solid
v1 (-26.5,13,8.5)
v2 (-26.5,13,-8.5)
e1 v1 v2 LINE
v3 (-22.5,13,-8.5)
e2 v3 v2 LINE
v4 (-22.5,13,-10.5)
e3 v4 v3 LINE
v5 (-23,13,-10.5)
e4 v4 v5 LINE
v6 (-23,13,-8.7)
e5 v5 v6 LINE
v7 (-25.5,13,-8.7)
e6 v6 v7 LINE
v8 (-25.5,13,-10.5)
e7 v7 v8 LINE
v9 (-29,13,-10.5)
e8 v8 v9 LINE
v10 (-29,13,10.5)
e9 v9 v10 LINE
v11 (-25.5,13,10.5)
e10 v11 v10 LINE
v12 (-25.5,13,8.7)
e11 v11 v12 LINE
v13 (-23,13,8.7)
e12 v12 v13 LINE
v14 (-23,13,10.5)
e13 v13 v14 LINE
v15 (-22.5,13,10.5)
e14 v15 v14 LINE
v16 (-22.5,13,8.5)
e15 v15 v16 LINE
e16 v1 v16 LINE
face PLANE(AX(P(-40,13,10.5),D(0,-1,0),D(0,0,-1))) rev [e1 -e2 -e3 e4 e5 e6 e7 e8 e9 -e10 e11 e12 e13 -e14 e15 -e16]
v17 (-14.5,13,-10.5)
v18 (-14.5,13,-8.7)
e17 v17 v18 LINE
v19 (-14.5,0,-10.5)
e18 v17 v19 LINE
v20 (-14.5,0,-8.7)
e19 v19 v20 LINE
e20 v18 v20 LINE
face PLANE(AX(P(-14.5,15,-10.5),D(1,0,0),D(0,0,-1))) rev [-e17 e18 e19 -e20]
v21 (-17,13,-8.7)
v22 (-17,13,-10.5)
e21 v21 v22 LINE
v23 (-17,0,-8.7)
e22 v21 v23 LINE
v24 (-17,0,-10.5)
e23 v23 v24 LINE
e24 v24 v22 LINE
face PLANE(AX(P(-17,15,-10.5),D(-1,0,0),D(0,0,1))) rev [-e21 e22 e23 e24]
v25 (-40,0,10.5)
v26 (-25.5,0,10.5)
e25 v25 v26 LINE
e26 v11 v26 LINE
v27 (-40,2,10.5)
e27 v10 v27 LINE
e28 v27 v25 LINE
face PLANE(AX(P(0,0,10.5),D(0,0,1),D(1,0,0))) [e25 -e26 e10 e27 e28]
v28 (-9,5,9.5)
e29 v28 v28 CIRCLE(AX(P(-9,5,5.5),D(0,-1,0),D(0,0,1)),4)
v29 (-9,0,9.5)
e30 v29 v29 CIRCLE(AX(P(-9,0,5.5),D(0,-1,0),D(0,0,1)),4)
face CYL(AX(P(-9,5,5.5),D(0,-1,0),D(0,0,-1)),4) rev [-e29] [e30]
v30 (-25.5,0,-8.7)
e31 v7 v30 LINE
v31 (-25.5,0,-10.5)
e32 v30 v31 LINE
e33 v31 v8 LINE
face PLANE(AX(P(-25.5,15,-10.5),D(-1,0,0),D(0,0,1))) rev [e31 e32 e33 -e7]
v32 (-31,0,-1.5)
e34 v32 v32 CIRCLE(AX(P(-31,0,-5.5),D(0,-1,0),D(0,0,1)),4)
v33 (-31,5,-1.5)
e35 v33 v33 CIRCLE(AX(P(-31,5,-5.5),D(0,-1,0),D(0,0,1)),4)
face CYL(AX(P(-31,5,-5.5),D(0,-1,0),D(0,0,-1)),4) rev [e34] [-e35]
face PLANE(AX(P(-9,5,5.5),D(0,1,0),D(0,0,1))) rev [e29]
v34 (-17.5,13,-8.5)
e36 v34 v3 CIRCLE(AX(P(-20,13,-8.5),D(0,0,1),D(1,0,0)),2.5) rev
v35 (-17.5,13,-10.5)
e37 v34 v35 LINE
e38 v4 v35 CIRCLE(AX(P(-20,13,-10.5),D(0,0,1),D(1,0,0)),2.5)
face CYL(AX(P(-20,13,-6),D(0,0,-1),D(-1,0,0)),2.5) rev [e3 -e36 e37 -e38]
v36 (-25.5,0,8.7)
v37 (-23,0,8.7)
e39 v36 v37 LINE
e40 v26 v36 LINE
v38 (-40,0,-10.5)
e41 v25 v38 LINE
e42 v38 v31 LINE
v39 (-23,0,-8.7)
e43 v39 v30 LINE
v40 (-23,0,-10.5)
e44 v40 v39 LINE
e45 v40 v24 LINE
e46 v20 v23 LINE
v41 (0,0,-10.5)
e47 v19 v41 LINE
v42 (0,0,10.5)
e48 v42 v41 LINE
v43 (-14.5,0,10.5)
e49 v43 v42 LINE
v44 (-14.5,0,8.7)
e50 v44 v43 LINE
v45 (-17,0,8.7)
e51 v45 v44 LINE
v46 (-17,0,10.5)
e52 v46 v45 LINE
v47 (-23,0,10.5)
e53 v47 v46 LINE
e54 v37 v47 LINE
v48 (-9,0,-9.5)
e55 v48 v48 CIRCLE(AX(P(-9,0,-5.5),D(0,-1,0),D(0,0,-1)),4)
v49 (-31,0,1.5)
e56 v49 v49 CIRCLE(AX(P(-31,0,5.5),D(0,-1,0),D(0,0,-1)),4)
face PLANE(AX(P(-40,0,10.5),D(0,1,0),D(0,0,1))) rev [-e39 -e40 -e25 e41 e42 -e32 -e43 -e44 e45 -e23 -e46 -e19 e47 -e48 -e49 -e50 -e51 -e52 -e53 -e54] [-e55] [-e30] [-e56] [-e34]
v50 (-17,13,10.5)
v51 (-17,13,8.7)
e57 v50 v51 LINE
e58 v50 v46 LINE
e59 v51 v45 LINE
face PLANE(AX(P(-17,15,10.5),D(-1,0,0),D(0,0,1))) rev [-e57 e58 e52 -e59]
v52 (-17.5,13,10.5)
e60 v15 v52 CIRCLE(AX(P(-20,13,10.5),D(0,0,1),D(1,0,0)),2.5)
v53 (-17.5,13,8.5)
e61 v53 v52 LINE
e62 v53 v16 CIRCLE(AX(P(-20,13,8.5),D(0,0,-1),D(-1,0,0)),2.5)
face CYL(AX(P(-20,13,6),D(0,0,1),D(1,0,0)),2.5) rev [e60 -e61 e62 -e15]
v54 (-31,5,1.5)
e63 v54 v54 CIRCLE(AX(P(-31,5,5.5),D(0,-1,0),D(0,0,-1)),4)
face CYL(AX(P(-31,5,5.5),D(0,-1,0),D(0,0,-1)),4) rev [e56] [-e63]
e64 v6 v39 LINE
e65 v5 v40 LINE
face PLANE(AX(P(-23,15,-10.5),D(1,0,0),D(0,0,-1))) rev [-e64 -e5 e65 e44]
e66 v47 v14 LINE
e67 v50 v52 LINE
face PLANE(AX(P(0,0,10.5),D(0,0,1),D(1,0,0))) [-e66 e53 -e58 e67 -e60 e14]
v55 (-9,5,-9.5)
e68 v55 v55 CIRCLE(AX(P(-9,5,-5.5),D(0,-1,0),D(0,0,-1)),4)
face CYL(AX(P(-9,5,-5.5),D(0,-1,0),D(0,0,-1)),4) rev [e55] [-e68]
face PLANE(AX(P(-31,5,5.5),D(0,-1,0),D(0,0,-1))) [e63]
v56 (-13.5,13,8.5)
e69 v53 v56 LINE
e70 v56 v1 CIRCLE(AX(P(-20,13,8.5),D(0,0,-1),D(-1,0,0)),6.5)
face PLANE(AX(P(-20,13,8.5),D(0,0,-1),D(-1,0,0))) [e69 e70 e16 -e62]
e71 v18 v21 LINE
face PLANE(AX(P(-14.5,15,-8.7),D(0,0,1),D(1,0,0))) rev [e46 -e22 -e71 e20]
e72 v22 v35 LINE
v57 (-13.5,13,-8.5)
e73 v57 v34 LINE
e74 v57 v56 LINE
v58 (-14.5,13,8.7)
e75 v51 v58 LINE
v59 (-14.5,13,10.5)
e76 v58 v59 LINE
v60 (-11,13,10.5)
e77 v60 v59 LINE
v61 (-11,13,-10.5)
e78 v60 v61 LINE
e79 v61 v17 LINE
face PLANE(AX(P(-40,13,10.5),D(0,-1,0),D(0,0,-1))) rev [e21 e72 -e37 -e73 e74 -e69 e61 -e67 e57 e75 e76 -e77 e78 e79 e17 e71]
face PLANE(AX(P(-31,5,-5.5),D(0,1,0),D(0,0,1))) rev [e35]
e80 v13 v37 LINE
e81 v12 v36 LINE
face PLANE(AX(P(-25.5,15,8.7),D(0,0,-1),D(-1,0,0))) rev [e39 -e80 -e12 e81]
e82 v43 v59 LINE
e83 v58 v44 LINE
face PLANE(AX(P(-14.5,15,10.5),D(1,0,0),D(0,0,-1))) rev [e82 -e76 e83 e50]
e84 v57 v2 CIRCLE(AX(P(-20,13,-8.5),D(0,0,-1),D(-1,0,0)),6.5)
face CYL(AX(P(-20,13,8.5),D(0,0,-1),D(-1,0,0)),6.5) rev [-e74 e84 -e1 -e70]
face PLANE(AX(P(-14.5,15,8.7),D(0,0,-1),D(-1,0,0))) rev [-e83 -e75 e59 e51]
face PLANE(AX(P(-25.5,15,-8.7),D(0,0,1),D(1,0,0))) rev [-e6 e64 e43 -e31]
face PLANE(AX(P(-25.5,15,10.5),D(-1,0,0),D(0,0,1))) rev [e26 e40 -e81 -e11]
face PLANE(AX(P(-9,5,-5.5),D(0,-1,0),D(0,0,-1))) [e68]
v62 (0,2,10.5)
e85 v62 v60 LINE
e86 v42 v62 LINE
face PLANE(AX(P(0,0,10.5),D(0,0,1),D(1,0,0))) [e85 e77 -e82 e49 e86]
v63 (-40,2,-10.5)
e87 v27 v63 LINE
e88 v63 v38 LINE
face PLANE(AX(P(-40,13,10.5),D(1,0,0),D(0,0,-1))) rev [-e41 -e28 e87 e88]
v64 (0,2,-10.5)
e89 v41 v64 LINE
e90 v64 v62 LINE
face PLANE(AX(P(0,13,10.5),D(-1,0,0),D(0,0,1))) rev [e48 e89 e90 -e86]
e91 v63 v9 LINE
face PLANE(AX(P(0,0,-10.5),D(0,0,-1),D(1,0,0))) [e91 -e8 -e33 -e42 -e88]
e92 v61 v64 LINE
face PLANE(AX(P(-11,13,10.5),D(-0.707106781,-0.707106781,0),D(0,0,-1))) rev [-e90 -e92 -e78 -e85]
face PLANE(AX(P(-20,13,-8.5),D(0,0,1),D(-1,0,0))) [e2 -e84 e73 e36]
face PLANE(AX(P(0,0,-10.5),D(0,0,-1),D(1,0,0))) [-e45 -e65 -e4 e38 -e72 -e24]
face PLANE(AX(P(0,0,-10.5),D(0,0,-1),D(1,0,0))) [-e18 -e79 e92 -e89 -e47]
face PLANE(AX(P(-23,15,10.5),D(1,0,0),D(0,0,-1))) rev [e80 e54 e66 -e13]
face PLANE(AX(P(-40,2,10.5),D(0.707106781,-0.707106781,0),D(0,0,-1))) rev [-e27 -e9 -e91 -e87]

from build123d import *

# Parameters (mm, degrees)
SKETCH5_W           = 40
SKETCH5_H           = 13
BOSS_EXTRUDE2_DEPTH = 10.5
SKETCH6_R           = 6.5
CUT_EXTRUDE4_DEPTH  = 8.5
SKETCH7_R           = 2.5
CUT_EXTRUDE5_DEPTH  = 4.5
SKETCH8_R           = 4
CUT_EXTRUDE6_DEPTH  = 5
CHAMFER8_SIZE       = 11
SKETCH9_W           = 2.5
SKETCH9_H           = 1.8
CUT_EXTRUDE7_DEPTH  = 15


with BuildPart() as part:
    # Sketch5 → Boss-Extrude2 (new body)
    with BuildSketch(Plane.XY):
        with Locations((-20, 6.5)):
            Rectangle(SKETCH5_W, SKETCH5_H)
    boss_extrude2 = extrude(amount=BOSS_EXTRUDE2_DEPTH)

    # Sketch6 → Cut-Extrude4 (cut)
    with BuildSketch(Plane(origin=(0, 0, 0), x_dir=(-1, 0, 0), z_dir=(0, 0, -1))):
        with Locations((20, 13)):
            Circle(SKETCH6_R)
    cut_extrude4 = extrude(amount=-CUT_EXTRUDE4_DEPTH, mode=Mode.SUBTRACT)

    # Sketch7 → Cut-Extrude5 (cut)
    with BuildSketch(Plane.XY.offset(10.5)):
        with Locations((-20, 13)):
            Circle(SKETCH7_R)
    cut_extrude5 = extrude(amount=-CUT_EXTRUDE5_DEPTH, mode=Mode.SUBTRACT)

    # Mirror5: Boss-Extrude2, Cut-Extrude4, Cut-Extrude5 across plane
    add(boss_extrude2.mirror(Plane.XY))
    add(cut_extrude4.mirror(Plane.XY), mode=Mode.SUBTRACT)
    add(cut_extrude5.mirror(Plane.XY), mode=Mode.SUBTRACT)

    # Sketch8 → Cut-Extrude6 (cut)
    with BuildSketch(Plane.XZ):
        with Locations(Location((-31, 5.5, 0), (0, 0, 270))):
            Circle(SKETCH8_R)
        with Locations(Location((-9, 5.5, 0), (0, 0, 90))):
            Circle(SKETCH8_R)
        with Locations(Location((-9, -5.5, 0), (0, 0, 270))):
            Circle(SKETCH8_R)
        with Locations(Location((-31, -5.5, 0), (0, 0, 90))):
            Circle(SKETCH8_R)
    extrude(amount=-CUT_EXTRUDE6_DEPTH, mode=Mode.SUBTRACT)

    # Chamfer8
    chamfer8_edges = [part.edges().sort_by_distance(p)[0] for p in [
        (-40, 13, 0),
        (0, 13, 0),
    ]]
    chamfer(chamfer8_edges, length=CHAMFER8_SIZE)

    # Sketch9 → Cut-Extrude7 (cut)
    with BuildSketch(Plane.XZ):
        with Locations((-15.75, 9.6)):
            Rectangle(SKETCH9_W, SKETCH9_H)
        with Locations((-24.25, 9.6)):
            Rectangle(SKETCH9_W, SKETCH9_H)
        with Locations((-15.75, -9.6)):
            Rectangle(SKETCH9_W, SKETCH9_H)
        with Locations((-24.25, -9.6)):
            Rectangle(SKETCH9_W, SKETCH9_H)
    extrude(amount=-CUT_EXTRUDE7_DEPTH, mode=Mode.SUBTRACT)


solid = part.part
